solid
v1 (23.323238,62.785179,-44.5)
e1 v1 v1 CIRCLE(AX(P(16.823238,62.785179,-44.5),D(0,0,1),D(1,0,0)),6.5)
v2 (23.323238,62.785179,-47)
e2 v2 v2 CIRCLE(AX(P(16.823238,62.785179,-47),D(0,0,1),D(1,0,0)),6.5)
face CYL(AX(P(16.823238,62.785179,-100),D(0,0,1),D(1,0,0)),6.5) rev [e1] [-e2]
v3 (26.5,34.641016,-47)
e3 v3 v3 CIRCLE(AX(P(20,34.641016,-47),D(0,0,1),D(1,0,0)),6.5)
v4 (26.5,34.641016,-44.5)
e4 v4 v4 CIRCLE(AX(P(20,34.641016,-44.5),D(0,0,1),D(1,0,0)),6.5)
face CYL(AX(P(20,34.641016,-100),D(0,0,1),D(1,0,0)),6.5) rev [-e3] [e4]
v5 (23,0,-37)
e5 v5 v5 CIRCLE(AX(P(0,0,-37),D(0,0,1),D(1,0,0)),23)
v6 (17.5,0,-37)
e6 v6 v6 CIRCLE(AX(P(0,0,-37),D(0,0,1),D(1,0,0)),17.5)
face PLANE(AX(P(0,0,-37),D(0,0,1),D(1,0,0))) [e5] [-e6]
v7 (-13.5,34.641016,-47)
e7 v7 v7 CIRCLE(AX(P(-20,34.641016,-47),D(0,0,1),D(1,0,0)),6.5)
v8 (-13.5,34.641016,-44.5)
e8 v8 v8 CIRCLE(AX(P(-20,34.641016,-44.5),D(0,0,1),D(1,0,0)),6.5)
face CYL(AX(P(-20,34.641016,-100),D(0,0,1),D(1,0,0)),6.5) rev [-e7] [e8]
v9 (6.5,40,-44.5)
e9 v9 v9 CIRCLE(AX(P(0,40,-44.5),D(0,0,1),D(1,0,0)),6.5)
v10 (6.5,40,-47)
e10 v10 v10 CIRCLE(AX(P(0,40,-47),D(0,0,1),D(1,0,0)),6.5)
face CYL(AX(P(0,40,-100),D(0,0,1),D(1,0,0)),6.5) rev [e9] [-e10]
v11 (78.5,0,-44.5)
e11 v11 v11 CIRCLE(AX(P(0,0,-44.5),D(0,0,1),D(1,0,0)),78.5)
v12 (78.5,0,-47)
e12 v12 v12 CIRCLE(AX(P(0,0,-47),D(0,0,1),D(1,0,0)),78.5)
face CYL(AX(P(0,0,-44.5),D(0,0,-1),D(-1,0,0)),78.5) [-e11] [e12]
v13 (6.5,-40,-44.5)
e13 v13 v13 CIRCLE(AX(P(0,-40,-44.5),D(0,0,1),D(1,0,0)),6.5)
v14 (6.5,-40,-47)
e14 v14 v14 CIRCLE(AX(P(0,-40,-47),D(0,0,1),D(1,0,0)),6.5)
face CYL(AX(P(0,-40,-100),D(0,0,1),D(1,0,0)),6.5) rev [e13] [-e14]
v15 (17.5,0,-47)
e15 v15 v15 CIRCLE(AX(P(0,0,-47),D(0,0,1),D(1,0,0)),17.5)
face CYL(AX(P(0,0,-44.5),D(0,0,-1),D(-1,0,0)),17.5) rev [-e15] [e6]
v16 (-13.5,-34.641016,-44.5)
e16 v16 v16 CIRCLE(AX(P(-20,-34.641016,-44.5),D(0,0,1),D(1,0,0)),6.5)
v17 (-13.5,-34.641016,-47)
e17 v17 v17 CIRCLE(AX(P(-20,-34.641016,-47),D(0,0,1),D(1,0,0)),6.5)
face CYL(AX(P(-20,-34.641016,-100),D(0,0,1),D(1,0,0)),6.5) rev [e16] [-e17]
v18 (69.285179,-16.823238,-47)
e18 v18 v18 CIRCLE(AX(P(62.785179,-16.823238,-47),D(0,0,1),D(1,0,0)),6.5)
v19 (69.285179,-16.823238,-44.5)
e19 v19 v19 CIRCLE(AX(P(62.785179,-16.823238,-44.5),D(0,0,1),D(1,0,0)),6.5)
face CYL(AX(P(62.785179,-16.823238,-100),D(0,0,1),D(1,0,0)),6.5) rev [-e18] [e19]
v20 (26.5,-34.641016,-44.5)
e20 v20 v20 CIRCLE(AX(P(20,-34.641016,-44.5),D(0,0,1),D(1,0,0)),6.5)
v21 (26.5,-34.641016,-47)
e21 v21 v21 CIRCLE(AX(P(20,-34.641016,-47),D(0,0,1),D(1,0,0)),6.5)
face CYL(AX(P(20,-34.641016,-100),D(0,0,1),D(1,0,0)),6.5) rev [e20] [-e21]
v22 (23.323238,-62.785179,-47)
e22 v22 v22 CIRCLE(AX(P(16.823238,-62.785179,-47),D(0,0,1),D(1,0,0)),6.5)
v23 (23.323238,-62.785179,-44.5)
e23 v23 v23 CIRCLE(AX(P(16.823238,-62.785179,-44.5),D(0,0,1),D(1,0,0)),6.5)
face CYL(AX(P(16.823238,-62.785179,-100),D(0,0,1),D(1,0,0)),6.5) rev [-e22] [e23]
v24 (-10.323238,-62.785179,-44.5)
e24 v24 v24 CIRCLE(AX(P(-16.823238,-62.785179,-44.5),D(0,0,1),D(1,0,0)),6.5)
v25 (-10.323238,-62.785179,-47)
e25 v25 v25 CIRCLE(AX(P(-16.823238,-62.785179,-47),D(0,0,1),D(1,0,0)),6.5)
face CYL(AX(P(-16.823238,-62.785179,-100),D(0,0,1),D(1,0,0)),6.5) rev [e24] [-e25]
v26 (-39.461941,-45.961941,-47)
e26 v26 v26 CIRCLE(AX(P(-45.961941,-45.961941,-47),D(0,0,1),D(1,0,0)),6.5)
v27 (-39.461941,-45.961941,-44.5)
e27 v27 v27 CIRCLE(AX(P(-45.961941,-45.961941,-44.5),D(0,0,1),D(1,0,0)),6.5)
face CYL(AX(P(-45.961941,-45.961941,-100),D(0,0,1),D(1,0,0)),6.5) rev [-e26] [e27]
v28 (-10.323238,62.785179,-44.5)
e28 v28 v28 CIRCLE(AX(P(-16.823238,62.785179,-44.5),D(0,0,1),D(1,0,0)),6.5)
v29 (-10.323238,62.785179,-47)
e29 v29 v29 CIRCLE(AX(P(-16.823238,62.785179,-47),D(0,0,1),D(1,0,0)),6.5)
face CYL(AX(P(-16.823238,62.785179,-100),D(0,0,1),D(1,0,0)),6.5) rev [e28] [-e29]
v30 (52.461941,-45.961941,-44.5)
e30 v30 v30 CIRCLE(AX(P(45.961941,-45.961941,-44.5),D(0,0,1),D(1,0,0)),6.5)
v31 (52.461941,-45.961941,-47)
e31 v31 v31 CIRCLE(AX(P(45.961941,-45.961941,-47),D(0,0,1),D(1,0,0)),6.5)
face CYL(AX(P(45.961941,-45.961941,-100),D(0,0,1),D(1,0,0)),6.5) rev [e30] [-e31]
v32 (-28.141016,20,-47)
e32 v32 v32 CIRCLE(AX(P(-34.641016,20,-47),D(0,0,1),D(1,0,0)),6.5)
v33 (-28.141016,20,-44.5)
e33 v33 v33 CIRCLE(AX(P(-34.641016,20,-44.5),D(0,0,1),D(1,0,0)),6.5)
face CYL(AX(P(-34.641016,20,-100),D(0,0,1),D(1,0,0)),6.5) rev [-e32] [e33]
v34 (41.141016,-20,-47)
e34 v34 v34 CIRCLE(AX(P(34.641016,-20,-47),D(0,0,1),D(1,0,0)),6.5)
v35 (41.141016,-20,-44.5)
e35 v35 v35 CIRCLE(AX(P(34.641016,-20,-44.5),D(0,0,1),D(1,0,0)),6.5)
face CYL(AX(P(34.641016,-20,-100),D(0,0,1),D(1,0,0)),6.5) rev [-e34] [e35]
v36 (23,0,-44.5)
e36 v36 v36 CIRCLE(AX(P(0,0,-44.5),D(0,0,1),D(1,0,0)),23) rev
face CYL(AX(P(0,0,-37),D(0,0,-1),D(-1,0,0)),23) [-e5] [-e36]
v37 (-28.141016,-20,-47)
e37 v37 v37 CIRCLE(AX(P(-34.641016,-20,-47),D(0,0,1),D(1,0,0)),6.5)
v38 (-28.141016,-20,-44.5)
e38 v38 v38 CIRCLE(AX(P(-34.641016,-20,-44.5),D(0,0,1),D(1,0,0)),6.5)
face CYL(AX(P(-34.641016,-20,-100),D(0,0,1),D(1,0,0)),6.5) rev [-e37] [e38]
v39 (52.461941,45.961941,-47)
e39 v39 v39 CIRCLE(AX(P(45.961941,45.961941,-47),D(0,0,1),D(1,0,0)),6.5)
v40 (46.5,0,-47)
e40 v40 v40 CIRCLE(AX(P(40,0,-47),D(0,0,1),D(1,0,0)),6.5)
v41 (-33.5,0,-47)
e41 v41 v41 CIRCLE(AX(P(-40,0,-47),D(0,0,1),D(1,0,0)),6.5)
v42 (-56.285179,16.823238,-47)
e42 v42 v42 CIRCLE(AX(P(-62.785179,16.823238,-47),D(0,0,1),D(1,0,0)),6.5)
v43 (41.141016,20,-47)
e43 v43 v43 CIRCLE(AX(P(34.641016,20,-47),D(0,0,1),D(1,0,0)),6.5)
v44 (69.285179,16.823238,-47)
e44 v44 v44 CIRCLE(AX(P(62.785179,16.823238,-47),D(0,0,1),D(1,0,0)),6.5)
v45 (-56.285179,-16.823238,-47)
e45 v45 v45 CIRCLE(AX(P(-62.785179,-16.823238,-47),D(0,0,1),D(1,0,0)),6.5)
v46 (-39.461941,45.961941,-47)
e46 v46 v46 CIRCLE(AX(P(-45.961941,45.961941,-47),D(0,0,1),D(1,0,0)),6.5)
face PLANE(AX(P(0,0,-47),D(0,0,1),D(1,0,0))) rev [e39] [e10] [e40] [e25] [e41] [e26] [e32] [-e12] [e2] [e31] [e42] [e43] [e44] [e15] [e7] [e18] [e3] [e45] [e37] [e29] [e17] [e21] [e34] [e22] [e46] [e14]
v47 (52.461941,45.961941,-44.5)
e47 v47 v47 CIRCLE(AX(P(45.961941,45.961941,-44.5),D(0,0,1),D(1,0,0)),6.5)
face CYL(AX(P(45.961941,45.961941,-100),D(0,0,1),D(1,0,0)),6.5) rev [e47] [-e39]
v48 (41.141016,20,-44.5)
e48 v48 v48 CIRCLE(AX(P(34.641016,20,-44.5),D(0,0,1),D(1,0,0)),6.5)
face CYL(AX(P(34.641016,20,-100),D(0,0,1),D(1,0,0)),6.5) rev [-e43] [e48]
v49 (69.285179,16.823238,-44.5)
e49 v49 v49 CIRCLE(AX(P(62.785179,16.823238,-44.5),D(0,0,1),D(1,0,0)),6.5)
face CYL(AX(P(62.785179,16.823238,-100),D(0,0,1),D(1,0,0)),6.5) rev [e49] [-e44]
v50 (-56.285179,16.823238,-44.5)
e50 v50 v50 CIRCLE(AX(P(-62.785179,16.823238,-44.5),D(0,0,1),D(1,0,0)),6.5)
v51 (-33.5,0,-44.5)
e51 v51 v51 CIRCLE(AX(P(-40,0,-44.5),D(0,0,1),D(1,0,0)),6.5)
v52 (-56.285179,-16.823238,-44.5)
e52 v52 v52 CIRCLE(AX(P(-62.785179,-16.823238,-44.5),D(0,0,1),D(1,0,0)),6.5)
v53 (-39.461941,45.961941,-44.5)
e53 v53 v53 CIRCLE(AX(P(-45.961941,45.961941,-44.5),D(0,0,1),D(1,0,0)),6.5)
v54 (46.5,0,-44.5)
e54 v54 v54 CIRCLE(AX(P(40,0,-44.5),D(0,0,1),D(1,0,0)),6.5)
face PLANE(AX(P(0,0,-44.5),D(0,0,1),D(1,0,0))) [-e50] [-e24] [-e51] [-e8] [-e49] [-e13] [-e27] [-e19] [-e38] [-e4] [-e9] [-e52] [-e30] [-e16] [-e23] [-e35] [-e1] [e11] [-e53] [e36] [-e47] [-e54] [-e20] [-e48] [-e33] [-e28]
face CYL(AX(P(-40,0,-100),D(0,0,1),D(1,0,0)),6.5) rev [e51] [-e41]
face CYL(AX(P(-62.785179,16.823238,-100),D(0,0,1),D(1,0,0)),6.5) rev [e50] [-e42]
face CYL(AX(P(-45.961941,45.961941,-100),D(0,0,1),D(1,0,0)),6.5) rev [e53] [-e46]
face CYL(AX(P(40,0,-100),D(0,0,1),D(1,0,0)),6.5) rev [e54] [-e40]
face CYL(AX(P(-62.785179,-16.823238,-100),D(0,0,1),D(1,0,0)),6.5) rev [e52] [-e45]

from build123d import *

# Parameters (mm, degrees)
REAR_COVER_REFERENCE_START   = -47
SKETCH_1_R                   = 78.5
SKETCH_1_R_2                 = 17.5
REAR_COVER_REFERENCE_DEPTH   = 2.5
BEARING_BOSS_REFERENCE_START = -47
SKETCH_2_R                   = 23
SKETCH_2_R_2                 = 17.5
BEARING_BOSS_REFERENCE_DEPTH = 10
SKETCH_3_R                   = 6.5
THROUGH_HOLES_DEPTH          = 100


with BuildPart() as part:
    # Эскиз1 → Rear_cover_reference (new body)
    with BuildSketch(Plane.XY.offset(REAR_COVER_REFERENCE_START)):
        Circle(SKETCH_1_R)
        Circle(SKETCH_1_R_2, mode=Mode.SUBTRACT)
    extrude(amount=REAR_COVER_REFERENCE_DEPTH)

    # Эскиз2 → Bearing_boss_reference (add)
    with BuildSketch(Plane.XY.offset(BEARING_BOSS_REFERENCE_START)):
        Circle(SKETCH_2_R)
        Circle(SKETCH_2_R_2, mode=Mode.SUBTRACT)
    extrude(amount=BEARING_BOSS_REFERENCE_DEPTH)

    # Эскиз3 → Through_holes (cut, symmetric)
    with BuildSketch(Plane.XY):
        with Locations((40, 0)):
            Circle(SKETCH_3_R)
        with Locations((34.641016151, 20)):
            Circle(SKETCH_3_R)
        with Locations((20, 34.641016151)):
            Circle(SKETCH_3_R)
        with Locations((0, 40)):
            Circle(SKETCH_3_R)
        with Locations((-20, 34.641016151)):
            Circle(SKETCH_3_R)
        with Locations((-34.641016151, 20)):
            Circle(SKETCH_3_R)
        with Locations((-40, 0)):
            Circle(SKETCH_3_R)
        with Locations((-34.641016151, -20)):
            Circle(SKETCH_3_R)
        with Locations((-20, -34.641016151)):
            Circle(SKETCH_3_R)
        with Locations((0, -40)):
            Circle(SKETCH_3_R)
        with Locations((20, -34.641016151)):
            Circle(SKETCH_3_R)
        with Locations((34.641016151, -20)):
            Circle(SKETCH_3_R)
        with Locations((62.785178709, 16.823237932)):
            Circle(SKETCH_3_R)
        with Locations((45.961940777, 45.961940777)):
            Circle(SKETCH_3_R)
        with Locations((16.823237932, 62.785178709)):
            Circle(SKETCH_3_R)
        with Locations((-16.823237932, 62.785178709)):
            Circle(SKETCH_3_R)
        with Locations((-45.961940777, 45.961940777)):
            Circle(SKETCH_3_R)
        with Locations((-62.785178709, 16.823237932)):
            Circle(SKETCH_3_R)
        with Locations((-62.785178709, -16.823237932)):
            Circle(SKETCH_3_R)
        with Locations((-45.961940777, -45.961940777)):
            Circle(SKETCH_3_R)
        with Locations((-16.823237932, -62.785178709)):
            Circle(SKETCH_3_R)
        with Locations((16.823237932, -62.785178709)):
            Circle(SKETCH_3_R)
        with Locations((45.961940777, -45.961940777)):
            Circle(SKETCH_3_R)
        with Locations((62.785178709, -16.823237932)):
            Circle(SKETCH_3_R)
    extrude(amount=THROUGH_HOLES_DEPTH, both=True, mode=Mode.SUBTRACT)


solid = part.part
